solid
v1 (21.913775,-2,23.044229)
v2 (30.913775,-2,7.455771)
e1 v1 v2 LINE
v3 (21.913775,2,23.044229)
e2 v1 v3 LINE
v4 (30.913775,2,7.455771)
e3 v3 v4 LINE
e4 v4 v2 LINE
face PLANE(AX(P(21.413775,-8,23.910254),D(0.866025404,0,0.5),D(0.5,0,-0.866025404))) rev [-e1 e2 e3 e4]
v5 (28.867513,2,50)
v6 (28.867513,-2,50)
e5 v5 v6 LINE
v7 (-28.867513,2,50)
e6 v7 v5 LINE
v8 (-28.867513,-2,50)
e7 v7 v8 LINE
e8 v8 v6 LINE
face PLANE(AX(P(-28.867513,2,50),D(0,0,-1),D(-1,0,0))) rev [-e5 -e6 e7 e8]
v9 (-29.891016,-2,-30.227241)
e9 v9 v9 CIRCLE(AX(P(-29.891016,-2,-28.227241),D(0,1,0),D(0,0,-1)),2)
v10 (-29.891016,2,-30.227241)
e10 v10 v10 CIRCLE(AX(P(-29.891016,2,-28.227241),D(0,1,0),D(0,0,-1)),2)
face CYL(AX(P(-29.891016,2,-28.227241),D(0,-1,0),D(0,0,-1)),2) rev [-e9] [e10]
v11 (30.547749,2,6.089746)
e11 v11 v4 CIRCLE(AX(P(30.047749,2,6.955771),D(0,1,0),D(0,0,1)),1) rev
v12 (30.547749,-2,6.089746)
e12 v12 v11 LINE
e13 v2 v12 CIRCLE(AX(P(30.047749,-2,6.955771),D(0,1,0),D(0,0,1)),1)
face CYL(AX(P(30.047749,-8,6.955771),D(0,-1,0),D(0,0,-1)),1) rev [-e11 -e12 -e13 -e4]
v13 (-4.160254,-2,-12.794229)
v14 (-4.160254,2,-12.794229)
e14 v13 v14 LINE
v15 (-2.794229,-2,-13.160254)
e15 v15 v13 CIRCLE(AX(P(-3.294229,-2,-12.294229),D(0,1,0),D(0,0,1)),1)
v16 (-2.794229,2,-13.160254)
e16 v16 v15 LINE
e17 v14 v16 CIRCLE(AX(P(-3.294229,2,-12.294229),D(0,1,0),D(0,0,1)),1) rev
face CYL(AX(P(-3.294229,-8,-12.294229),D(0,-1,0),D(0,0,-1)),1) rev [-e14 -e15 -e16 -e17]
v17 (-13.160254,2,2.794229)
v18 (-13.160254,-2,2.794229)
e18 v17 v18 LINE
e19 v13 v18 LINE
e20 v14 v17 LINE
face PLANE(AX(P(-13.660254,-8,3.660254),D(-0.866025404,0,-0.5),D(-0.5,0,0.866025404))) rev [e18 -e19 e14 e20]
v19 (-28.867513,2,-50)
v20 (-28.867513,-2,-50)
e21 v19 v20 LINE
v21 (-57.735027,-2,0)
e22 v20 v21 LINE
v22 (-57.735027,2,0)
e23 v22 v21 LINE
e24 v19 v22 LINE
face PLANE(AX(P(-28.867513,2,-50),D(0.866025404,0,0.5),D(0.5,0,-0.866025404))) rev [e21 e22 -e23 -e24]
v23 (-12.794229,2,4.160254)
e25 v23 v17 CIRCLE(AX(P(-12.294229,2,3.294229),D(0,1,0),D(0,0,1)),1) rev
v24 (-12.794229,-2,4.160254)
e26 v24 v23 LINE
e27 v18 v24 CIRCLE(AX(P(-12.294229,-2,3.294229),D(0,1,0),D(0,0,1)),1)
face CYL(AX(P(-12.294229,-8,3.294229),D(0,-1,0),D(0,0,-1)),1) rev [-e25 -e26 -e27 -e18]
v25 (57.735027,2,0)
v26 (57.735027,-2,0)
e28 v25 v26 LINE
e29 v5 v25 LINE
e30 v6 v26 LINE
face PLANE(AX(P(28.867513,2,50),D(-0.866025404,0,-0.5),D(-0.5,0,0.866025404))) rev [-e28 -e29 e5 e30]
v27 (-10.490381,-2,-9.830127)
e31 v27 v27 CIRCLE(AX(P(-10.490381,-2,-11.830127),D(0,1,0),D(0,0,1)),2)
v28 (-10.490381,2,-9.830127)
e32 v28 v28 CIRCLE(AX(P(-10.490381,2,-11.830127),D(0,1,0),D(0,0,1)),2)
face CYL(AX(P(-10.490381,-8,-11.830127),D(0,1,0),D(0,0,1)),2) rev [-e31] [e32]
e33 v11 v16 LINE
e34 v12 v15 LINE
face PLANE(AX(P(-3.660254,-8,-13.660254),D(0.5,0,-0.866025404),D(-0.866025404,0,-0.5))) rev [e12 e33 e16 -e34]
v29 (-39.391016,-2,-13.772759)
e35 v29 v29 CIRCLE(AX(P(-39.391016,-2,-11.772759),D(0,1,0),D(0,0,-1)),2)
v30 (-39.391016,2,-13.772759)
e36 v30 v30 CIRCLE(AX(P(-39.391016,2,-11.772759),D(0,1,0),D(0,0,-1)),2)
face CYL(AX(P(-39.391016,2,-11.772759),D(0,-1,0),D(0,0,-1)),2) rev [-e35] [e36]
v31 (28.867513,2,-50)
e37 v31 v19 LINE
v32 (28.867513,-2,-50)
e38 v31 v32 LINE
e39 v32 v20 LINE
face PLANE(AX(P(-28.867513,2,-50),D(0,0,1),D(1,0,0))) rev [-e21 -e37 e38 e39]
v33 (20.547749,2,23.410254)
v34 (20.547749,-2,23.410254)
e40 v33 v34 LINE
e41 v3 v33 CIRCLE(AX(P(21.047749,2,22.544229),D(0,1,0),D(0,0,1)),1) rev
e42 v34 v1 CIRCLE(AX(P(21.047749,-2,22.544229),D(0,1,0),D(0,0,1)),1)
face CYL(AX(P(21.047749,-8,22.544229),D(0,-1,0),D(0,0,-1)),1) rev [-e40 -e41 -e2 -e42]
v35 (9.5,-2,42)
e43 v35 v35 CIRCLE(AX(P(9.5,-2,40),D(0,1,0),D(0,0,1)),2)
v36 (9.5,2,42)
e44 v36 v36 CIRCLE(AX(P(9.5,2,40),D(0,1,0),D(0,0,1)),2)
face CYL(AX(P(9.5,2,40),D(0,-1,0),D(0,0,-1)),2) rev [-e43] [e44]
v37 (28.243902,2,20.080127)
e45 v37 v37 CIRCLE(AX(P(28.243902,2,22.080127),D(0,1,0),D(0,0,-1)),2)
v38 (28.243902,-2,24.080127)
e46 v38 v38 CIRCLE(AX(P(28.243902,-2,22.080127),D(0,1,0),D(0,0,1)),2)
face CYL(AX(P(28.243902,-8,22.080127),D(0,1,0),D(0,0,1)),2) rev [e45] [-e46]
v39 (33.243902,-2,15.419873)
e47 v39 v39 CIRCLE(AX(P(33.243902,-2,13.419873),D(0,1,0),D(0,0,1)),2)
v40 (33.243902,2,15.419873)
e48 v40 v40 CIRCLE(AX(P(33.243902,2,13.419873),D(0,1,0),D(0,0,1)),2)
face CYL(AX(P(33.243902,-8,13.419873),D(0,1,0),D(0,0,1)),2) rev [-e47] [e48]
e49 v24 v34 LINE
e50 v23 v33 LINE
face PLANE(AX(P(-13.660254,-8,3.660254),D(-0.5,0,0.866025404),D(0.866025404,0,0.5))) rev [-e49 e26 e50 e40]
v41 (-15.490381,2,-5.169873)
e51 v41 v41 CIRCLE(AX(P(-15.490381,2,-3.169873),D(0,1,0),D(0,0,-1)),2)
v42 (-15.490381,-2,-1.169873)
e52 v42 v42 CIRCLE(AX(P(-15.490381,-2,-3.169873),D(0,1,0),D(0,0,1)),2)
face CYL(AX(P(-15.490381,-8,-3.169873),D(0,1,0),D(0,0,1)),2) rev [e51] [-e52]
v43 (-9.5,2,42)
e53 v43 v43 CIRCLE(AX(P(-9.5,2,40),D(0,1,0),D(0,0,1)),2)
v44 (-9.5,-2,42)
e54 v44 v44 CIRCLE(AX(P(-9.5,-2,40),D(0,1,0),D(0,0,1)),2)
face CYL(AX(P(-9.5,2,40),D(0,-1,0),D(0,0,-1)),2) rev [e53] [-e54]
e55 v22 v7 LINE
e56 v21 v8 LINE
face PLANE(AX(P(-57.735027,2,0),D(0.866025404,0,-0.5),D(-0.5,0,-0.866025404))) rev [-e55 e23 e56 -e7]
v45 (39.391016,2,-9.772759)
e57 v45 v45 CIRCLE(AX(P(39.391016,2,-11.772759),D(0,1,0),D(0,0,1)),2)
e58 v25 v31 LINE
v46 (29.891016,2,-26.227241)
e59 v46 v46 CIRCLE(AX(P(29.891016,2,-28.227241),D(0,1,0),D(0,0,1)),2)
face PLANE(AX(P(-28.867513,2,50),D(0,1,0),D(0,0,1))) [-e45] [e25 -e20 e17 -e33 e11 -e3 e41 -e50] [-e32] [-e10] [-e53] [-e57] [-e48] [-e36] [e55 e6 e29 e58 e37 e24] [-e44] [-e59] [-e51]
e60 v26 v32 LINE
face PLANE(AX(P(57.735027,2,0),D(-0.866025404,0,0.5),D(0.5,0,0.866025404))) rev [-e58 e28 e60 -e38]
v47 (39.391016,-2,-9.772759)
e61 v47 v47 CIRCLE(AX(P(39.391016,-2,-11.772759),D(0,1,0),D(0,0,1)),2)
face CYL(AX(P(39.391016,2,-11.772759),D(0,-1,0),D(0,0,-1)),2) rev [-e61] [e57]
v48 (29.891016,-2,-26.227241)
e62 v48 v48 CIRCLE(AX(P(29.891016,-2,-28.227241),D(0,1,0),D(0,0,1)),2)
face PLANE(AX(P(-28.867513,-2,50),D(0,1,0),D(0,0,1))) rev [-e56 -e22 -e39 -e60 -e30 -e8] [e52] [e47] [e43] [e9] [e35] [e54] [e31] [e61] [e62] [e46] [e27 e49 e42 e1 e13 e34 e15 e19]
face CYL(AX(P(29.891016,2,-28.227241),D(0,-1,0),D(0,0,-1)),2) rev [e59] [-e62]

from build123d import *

# Parameters (mm, degrees)
SKETCH1_R           = 2
BOSS_EXTRUDE1_DEPTH = 2
SKETCH3_R           = 2
CUT_EXTRUDE1_DEPTH  = 10
FILLET1_R           = 1


with BuildPart() as part:
    # Sketch1 → Boss-Extrude1 (new, symmetric)
    with BuildSketch(Plane(origin=(0, 0, 0), x_dir=(1, 0, 0), z_dir=(0, 1, 0))):
        Polygon((-28.867513459, 50), (-57.735026919, 0), (-28.867513459, -50), (28.867513459, -50), (57.735026919, 0), (28.867513459, 50), align=None)
        with Locations(Location((29.891016151, 28.227241336, 0), (0, 0, 270))):
            Circle(SKETCH1_R, mode=Mode.SUBTRACT)
        with Locations(Location((39.391016151, 11.772758664, 0), (0, 0, 270))):
            Circle(SKETCH1_R, mode=Mode.SUBTRACT)
        with Locations(Location((-9.5, -40, 0), (0, 0, 270))):
            Circle(SKETCH1_R, mode=Mode.SUBTRACT)
        with Locations(Location((9.5, -40, 0), (0, 0, 270))):
            Circle(SKETCH1_R, mode=Mode.SUBTRACT)
        with Locations(Location((-39.391016151, 11.772758664, 0), (0, 0, 90))):
            Circle(SKETCH1_R, mode=Mode.SUBTRACT)
        with Locations(Location((-29.891016151, 28.227241336, 0), (0, 0, 90))):
            Circle(SKETCH1_R, mode=Mode.SUBTRACT)
    extrude(amount=BOSS_EXTRUDE1_DEPTH, both=True)

    # Sketch3 → Cut-Extrude1 (cut)
    with BuildSketch(Plane(origin=(0, 2, 0), x_dir=(1, 0, 0), z_dir=(0, 1, 0))):
        with Locations(Location((-10.490381057, 11.830127019, 0), (0, 0, 270))):
            Circle(SKETCH3_R)
        with Locations(Location((33.243901834, -13.419872981, 0), (0, 0, 270))):
            Circle(SKETCH3_R)
        with Locations(Location((28.243901834, -22.080127019, 0), (0, 0, 270))):
            Circle(SKETCH3_R)
        with Locations(Location((-15.490381057, 3.169872981, 0), (0, 0, 270))):
            Circle(SKETCH3_R)
        Polygon((-13.660254038, -3.660254038), (-3.660254038, 13.660254038), (31.413774815, -6.589745962), (21.413774815, -23.910254038), align=None)
    extrude(amount=-CUT_EXTRUDE1_DEPTH, mode=Mode.SUBTRACT)

    # Fillet1
    fillet1_edges = [part.edges().sort_by_distance(p)[0] for p in [
        (21.413774815, 0, 23.910254038),
        (-13.660254038, 0, 3.660254038),
        (-3.660254038, 0, -13.660254038),
        (31.413774815, 0, 6.589745962),
    ]]
    fillet(fillet1_edges, radius=FILLET1_R)


solid = part.part
